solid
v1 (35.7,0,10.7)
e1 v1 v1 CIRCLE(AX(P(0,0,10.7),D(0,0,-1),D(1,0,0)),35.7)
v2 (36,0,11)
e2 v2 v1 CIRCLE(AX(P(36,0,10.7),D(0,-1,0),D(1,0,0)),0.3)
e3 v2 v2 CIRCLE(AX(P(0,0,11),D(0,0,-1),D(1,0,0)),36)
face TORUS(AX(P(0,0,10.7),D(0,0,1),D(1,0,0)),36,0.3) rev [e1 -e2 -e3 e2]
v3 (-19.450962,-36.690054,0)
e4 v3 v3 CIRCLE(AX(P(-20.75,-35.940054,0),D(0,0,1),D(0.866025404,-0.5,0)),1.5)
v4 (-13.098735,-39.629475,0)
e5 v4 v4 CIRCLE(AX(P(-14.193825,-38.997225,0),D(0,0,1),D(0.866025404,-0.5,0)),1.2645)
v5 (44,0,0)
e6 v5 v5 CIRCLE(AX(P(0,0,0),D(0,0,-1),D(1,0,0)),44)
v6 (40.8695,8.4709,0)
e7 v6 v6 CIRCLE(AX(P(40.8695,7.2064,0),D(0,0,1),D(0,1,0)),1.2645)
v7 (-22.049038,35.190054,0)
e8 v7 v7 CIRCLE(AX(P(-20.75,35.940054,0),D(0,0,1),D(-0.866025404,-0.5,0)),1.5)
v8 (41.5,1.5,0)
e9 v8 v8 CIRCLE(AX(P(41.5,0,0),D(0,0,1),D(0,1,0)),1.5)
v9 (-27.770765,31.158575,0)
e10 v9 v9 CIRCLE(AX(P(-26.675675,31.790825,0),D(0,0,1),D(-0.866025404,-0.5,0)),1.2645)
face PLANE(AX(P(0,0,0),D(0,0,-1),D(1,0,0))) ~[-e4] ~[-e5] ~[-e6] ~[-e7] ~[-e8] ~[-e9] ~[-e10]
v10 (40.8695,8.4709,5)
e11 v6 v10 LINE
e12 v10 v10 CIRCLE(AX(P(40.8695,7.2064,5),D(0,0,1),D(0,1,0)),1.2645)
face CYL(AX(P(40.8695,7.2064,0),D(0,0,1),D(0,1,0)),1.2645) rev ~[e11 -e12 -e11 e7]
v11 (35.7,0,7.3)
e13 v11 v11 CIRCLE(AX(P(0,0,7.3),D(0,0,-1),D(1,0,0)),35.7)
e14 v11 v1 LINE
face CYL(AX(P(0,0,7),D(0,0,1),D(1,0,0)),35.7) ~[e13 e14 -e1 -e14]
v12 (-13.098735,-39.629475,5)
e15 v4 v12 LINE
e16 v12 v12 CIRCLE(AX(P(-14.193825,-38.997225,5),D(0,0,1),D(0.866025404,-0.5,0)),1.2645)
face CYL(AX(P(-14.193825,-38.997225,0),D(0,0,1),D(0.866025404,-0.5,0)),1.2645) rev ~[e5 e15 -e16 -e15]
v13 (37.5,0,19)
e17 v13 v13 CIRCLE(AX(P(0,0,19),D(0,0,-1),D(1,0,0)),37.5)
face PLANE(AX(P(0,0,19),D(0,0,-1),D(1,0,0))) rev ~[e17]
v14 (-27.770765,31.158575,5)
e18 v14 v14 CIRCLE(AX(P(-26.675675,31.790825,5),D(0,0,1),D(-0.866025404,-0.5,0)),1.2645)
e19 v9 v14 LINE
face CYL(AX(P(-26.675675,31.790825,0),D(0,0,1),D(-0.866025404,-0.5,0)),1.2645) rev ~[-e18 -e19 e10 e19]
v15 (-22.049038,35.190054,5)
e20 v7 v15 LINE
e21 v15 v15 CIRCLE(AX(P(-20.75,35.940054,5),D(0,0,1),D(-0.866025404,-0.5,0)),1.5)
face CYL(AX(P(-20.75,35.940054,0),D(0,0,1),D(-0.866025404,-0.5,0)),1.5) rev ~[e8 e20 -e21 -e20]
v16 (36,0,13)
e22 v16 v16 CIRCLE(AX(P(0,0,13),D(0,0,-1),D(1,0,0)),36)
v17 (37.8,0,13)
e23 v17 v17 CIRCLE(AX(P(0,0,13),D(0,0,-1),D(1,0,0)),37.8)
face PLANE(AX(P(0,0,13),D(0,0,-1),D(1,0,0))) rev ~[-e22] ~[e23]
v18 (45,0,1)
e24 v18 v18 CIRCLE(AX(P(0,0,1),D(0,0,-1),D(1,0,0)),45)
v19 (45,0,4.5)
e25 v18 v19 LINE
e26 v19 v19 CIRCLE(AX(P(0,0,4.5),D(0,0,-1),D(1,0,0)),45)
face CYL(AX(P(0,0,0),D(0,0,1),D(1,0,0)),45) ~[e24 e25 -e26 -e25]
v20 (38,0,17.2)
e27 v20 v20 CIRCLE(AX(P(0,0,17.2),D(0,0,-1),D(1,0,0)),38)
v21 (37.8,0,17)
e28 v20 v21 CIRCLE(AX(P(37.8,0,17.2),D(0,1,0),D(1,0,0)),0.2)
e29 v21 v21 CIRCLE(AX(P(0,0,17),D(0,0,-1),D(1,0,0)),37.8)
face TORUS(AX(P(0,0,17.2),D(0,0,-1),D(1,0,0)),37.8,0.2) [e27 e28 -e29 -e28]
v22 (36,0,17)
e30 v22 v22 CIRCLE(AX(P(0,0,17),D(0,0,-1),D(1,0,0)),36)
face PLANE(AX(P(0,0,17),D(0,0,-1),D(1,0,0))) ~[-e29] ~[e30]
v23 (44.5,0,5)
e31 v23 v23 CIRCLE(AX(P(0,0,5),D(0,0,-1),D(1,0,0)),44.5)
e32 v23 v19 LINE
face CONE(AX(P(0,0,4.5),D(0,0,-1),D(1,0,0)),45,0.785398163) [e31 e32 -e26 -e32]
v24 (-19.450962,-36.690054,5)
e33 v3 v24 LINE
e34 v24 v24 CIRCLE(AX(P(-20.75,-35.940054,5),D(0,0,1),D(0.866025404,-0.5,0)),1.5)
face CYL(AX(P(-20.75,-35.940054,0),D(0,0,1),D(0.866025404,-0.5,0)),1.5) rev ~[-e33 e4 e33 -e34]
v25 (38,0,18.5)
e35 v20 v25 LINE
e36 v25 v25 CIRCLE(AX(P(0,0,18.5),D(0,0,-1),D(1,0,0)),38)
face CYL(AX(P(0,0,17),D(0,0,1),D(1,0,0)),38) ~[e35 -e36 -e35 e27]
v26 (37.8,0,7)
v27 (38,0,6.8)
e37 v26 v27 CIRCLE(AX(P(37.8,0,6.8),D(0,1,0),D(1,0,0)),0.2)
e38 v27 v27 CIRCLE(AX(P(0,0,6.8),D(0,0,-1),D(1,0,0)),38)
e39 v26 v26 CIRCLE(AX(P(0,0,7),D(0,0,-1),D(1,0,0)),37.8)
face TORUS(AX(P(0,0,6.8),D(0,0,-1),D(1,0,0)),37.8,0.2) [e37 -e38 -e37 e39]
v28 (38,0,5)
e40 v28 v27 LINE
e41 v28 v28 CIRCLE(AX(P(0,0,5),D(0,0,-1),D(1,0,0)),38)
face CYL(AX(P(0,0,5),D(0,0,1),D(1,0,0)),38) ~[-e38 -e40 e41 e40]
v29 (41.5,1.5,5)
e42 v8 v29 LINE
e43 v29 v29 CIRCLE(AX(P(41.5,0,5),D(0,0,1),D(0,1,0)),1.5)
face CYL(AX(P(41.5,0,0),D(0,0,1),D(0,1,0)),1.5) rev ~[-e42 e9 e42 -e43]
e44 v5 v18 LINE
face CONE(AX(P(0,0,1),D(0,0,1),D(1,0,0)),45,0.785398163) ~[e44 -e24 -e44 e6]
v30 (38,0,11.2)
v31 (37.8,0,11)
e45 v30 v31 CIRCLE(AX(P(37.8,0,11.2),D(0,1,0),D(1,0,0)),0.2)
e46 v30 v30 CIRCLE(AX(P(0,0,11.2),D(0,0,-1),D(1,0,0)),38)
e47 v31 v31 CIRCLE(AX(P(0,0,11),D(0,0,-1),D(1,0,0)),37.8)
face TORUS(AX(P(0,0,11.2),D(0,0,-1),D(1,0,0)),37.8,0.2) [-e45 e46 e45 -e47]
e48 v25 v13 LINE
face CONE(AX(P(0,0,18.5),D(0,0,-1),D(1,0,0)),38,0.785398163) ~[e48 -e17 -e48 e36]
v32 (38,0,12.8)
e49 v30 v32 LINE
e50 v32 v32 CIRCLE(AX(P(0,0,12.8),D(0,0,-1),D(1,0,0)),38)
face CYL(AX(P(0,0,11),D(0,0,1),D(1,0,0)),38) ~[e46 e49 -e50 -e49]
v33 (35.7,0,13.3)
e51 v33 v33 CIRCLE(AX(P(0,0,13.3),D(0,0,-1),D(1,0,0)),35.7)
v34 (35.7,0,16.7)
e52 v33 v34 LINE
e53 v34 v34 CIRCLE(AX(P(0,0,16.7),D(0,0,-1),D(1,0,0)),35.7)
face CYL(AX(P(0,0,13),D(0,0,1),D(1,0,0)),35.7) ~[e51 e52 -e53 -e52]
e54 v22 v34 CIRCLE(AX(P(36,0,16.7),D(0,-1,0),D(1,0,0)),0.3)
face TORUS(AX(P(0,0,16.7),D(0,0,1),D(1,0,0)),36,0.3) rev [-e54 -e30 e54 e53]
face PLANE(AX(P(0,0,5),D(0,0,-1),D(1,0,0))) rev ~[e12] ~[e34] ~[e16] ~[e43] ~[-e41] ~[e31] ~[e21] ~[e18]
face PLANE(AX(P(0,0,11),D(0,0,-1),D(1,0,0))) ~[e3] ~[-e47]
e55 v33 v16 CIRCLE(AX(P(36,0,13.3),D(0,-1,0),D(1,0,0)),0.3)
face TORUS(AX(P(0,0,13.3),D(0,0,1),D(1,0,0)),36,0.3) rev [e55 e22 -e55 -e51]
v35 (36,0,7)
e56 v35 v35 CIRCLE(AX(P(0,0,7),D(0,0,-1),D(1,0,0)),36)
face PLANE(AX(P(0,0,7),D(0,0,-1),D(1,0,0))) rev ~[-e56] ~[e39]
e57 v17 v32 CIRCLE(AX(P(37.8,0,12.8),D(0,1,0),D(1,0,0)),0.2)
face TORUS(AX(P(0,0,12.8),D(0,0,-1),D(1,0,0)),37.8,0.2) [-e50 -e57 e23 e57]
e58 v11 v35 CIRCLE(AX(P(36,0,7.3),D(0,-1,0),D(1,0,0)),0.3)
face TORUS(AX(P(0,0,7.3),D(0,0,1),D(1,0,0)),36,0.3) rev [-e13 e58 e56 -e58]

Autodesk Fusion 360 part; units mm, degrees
sketch "Sketch1" plane through (0, 0, 0) normal (0, 1, 0) x (1, 0, 0)
  line L0 (0, 0) -> (45, 0)
  line L1 (45, 0) -> (45, -5)
  line L2 (45, -5) -> (38, -5)
  line L3 (38, -19) -> (0, -19)
  line L4 (0, -19) -> (0, 0)
  line L5 (38, -7) -> (35.7, -7)
  line L6 (35.7, -7) -> (35.7, -11)
  line L7 (35.7, -11) -> (38, -11)
  line L8 (38, -13) -> (35.7, -13)
  line L9 (35.7, -13) -> (35.7, -17)
  line L10 (35.7, -17) -> (38, -17)
  line L11 (38, -5) -> (38, -7)
  line L12 (38, -11) -> (38, -13)
  line L13 (38, -17) -> (38, -19)
  dimension "d2" = 45
  dimension "d4" = 5
  dimension "d5" = 7
  dimension "d9" = 4
  dimension "d10" = 4
  dimension "d11" = 2.3
  dimension "d13" = 2
  dimension "d14" = 2
  dimension "d15" = 2
  dimension "d16" = 19
revolve "Revolve1" add sketch "Sketch1" angle 360 about axis through (0, 0, 19) along (0, 0, -1)
chamfer "Chamfer1" distance 1 angle 45 1 edges at (-41.9547, -16.2727, 0)
chamfer "Chamfer2" distance 0.5 angle 45 1 edges at (-35.4284, -13.7414, 19)
fillet "Fillet1" radius 0.2 4 edges at (-35.4284, -13.7414, 17) (-35.4284, -13.7414, 13) (-35.4284, -13.7414, 11) (-35.4284, -13.7414, 7)
fillet "Fillet2" radius 0.3 2 faces at (35.6556, 1.7795, 14.3333) (35.6556, 1.7795, 9.6667)
sketch "Sketch3" plane through (0, 0, 0) normal (0, 0, -1) x (1, 0, 0)
  circle A0 centre (0, 0) radius 44
  point P0 (41.5, 0)
  point P1 (40.8695, -7.2064)
  dimension "d50" = 41.5
  dimension "d51" = 41.5
  dimension "d52" = 10
hole "Hole4" at (40.8695, 7.2064, 0) direction (0, 0, 1) diameter 2.529 end through all
hole "Hole5" at (41.5, 0, 0) direction (0, 0, 1) diameter 3 end through all
pattern_circular "C-Pattern6" count 3 over 360 about axis through (0, 0, 1.75) along (0, 0, 1) of "Hole4", "Hole5"
chamfer "Chamfer3" distance 0.5 angle 45 1 edges at (-41.9547, -16.2727, 5)
equation "D_i = 76 mm"
equation "d2 = ( D_i + 2 * t ) / 2"
equation "d5 = Linear Dimension-4"
equation "Oring_depth = 2.3 mm"
equation "Oring_width = 4 mm"
equation "d9 = Oring_width"
equation "d10 = Oring_width"
equation "d11 = Oring_depth"
equation "d50 = D_i / 2 + t / 2"
equation "d51 = d50"
